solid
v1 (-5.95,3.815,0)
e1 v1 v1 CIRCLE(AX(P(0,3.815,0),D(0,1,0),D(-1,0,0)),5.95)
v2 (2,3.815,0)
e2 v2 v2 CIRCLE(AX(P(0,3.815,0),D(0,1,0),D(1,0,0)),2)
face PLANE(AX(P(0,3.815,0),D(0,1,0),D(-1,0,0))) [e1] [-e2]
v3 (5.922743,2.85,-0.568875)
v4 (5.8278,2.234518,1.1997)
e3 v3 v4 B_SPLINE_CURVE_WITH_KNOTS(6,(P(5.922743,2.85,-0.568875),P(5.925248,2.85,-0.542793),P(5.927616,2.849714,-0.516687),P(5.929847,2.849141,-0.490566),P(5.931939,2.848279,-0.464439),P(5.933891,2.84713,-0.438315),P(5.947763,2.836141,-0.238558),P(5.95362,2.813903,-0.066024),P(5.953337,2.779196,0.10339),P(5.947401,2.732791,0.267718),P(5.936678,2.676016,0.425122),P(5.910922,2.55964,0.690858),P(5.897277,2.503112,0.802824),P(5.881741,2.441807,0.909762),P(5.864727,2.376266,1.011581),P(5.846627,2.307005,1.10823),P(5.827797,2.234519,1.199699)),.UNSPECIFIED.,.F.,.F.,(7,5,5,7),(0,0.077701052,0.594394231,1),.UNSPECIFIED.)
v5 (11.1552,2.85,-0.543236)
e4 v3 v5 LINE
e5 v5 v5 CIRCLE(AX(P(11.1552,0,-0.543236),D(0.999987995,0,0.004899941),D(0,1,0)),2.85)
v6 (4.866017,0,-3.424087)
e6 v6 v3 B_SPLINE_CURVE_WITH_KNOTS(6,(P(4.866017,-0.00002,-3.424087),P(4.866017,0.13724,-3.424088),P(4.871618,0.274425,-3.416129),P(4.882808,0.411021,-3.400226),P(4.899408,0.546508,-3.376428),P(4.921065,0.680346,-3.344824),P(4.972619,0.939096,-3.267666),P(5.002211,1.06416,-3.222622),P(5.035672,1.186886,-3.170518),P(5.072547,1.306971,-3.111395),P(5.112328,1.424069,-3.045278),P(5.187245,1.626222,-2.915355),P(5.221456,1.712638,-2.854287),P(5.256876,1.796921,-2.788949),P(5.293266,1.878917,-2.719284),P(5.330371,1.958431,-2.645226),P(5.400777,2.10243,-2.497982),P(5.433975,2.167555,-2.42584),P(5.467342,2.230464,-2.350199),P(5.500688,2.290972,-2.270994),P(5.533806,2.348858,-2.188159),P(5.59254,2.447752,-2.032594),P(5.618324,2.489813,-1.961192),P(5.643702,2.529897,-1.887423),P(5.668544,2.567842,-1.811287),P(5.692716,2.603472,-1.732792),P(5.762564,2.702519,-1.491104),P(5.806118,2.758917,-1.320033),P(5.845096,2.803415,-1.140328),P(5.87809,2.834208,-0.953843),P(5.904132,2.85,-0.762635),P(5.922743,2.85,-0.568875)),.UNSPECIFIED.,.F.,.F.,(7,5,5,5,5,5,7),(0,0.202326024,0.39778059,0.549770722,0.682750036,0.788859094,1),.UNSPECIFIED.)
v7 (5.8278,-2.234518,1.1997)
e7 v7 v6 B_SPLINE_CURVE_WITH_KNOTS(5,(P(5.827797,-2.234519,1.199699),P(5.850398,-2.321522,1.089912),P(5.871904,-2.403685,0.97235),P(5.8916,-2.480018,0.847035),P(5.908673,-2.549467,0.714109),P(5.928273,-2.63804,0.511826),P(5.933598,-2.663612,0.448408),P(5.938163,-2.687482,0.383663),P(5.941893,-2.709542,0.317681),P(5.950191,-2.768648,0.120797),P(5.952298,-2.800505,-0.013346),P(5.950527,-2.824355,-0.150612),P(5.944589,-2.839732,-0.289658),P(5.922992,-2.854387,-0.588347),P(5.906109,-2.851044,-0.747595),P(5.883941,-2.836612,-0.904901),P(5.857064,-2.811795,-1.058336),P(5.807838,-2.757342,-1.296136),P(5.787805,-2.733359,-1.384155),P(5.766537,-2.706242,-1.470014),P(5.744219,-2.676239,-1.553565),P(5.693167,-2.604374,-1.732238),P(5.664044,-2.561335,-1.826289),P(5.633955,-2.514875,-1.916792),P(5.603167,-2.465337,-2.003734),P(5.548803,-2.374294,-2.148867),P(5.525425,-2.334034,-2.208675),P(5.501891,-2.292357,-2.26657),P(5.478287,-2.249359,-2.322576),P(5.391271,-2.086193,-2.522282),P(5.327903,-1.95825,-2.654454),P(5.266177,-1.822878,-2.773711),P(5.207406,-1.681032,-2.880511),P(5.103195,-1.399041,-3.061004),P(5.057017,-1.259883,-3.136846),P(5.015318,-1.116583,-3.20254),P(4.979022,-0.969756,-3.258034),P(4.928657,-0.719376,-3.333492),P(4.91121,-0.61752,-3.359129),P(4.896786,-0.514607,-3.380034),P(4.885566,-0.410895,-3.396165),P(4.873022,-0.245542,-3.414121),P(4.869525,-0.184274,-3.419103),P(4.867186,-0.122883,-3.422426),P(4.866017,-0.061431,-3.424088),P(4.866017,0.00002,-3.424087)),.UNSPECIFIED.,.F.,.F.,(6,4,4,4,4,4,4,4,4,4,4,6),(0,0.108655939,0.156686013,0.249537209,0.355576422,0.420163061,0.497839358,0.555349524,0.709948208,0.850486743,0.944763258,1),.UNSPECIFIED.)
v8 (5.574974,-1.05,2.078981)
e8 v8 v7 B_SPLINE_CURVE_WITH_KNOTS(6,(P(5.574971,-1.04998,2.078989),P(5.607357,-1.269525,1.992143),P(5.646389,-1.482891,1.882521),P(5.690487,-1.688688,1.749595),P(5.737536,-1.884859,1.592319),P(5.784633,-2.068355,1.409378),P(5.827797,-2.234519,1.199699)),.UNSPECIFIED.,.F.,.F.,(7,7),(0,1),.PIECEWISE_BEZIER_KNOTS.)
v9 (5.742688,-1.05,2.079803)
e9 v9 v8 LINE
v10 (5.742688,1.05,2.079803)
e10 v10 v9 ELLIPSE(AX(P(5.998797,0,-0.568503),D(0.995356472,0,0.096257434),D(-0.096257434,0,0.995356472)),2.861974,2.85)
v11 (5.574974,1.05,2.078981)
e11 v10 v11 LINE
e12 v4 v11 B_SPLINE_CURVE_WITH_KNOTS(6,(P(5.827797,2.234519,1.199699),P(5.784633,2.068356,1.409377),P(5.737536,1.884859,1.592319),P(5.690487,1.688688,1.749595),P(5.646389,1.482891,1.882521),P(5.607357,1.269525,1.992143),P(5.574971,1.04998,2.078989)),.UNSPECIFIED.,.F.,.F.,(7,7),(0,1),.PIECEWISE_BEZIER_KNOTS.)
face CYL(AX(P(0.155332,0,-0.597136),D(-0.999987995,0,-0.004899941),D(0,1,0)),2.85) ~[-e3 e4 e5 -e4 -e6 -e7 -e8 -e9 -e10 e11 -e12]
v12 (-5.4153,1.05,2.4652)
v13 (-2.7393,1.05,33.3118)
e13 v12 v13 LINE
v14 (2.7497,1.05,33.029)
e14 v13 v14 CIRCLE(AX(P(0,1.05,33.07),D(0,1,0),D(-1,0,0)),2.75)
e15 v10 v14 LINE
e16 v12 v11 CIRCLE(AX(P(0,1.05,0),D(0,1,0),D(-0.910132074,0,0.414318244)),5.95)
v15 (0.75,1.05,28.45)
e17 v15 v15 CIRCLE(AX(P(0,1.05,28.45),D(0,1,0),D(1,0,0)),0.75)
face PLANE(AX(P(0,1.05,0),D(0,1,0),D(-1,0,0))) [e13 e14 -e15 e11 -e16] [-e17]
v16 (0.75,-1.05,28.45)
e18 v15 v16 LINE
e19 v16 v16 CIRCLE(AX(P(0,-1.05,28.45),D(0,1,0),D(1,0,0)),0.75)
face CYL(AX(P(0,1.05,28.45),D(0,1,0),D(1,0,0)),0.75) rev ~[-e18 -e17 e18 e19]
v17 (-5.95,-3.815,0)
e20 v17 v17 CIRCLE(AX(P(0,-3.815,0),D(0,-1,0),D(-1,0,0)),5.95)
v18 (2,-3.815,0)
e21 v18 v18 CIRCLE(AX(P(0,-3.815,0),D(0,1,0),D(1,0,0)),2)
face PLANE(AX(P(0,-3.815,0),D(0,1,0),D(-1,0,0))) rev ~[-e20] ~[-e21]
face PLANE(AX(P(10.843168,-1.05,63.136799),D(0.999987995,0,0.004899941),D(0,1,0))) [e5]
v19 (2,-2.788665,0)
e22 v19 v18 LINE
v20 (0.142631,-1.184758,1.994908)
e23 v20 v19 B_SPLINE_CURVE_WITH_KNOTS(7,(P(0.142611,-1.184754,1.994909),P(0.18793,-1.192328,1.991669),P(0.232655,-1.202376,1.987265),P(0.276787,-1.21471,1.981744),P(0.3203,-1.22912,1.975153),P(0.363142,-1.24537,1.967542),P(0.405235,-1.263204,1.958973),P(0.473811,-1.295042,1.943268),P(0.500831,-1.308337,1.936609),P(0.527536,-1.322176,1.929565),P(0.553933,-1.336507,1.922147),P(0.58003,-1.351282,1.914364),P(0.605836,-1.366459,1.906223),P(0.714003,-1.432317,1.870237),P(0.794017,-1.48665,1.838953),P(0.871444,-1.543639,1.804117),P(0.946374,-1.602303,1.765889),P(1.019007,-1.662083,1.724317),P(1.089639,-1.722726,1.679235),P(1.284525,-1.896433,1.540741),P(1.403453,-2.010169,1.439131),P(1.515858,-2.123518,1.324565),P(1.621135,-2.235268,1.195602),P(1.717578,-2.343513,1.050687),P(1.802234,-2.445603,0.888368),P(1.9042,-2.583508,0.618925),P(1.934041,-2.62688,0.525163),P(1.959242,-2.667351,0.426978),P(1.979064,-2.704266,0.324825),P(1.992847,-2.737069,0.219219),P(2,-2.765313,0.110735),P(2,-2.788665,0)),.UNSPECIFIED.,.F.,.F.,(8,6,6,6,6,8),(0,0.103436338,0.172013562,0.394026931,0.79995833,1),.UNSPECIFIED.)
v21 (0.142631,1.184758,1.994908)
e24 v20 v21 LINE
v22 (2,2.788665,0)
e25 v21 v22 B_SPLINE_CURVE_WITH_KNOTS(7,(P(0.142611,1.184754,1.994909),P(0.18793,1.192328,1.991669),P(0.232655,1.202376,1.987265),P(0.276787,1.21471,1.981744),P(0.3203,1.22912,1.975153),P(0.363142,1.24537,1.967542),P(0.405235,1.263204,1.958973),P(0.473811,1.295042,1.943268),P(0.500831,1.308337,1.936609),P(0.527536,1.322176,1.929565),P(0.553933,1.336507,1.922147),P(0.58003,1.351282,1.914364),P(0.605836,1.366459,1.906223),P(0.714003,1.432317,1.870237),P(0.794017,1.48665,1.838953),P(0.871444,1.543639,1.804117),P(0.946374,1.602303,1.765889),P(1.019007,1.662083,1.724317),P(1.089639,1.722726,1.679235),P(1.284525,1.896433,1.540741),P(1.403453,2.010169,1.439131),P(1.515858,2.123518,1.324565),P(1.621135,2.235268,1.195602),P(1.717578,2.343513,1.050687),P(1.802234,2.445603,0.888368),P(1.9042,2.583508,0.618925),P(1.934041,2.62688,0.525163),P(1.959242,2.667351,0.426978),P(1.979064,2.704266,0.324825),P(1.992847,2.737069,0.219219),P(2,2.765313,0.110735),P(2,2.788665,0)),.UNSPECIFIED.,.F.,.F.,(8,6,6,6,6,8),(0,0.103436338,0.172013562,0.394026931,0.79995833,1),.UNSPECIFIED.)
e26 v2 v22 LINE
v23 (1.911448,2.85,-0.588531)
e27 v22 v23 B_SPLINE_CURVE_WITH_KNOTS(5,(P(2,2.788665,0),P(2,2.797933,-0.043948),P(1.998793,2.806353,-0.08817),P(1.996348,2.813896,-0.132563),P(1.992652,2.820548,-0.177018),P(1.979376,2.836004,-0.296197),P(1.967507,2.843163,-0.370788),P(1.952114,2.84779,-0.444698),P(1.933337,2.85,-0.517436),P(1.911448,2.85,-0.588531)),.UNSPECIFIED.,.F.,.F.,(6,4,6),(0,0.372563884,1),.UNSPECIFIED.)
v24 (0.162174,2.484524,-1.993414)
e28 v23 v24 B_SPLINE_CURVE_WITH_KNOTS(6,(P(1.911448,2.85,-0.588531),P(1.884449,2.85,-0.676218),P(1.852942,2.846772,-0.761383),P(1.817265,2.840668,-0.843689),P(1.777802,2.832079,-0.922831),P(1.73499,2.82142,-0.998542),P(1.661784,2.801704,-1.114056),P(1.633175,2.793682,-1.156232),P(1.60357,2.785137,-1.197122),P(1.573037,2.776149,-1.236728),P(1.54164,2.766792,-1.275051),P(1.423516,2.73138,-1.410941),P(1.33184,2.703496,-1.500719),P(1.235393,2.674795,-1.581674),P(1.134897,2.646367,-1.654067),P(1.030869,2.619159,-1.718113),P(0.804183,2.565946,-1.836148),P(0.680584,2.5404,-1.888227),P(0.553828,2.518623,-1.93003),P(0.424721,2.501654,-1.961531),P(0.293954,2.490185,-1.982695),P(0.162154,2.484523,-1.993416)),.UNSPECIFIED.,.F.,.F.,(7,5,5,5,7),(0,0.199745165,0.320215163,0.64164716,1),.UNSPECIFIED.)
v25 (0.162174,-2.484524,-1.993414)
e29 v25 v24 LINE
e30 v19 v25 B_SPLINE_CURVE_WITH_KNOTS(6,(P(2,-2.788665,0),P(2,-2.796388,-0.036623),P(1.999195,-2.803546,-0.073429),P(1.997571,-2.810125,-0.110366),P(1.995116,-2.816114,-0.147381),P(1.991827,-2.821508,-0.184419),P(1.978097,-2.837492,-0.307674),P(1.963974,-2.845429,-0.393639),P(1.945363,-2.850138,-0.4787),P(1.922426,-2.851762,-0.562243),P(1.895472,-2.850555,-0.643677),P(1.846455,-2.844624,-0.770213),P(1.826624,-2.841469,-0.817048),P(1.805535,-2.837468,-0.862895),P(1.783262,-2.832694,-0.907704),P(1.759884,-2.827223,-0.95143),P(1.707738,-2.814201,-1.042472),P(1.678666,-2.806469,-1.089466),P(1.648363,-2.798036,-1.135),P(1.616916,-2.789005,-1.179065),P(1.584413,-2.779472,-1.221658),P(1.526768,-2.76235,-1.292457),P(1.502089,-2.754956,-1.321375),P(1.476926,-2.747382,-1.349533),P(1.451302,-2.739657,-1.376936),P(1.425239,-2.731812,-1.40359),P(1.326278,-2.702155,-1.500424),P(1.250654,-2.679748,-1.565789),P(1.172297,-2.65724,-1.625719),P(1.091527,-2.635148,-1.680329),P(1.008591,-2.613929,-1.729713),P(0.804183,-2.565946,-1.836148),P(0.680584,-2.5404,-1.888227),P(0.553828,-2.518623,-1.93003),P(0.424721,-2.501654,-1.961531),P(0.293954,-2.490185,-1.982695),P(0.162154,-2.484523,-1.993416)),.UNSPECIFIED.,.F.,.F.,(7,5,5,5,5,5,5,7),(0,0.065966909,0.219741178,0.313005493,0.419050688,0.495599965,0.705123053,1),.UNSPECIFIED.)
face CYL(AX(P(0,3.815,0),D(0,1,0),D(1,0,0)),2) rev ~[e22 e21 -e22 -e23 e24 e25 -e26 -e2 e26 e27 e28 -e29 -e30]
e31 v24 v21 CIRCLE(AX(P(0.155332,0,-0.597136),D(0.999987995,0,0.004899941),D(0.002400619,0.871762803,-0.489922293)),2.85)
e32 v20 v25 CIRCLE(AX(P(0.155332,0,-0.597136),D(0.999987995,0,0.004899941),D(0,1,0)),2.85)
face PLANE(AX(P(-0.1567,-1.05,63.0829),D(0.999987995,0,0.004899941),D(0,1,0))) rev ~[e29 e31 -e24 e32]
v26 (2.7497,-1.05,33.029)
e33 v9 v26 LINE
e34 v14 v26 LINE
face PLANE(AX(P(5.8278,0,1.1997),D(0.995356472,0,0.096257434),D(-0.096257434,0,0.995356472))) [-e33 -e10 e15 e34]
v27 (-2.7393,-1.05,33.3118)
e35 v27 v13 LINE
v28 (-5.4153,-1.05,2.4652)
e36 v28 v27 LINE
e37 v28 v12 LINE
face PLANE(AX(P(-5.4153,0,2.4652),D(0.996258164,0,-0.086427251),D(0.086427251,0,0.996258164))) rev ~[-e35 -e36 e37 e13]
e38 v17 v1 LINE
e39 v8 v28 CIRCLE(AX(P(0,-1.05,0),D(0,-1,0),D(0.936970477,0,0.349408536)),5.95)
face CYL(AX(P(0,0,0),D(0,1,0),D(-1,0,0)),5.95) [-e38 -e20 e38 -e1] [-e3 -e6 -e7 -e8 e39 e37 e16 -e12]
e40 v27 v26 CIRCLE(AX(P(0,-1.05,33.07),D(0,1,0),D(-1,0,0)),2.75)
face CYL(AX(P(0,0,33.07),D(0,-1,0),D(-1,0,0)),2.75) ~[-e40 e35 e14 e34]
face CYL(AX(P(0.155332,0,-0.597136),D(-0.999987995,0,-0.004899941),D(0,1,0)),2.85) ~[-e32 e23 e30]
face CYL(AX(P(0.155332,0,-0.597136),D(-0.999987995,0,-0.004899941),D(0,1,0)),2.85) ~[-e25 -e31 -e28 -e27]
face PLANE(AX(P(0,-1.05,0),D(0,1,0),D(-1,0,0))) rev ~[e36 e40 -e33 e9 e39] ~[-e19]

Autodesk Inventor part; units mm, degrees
ref_plane "YZ Plane" through (0, 0, 0) normal (1, 0, 0) x (0, 1, 0)
ref_plane "XZ Plane" through (0, 0, 0) normal (0, 1, 0) x (-1, 0, 0)
sketch "Sketch1" plane through (0, 0, 0) normal (0, 1, 0) x (-1, 0, 0)
  circle A0 centre (0, 0) radius 5.95
  line L0 (0, 0) -> (0, 33.07)
  circle A1 centre (0, 33.07) radius 2.75
  line L1 (5.4153, 2.4652) -> (2.7393, 33.3118)
  line L2 (-5.8278, 1.1997) -> (-2.7497, 33.029)
  dimension "d0" = 11.9
  dimension "d1" = 5.5
  dimension "d2" = 33.07
extrude "Extrusion1" add sketch "Sketch1" along normal mid plane 7.63 contours A0
extrude "Extrusion2" add sketch "Sketch1" along normal mid plane 2.1 contours A0 L0 A1 L1 | L2 A1 L0 A0 | A1
sketch "Sketch2" plane through (0, 1.05, 0) normal (0, 1, 0) x (1, 0, 0)
  arc A0 (-2.7393, -33.3118) -> (2.7497, -33.029) centre (0, -33.07) ccw construction
  line L0 (0, -35.82) -> (0, -28.45) construction
  circle A1 centre (0, -28.45) radius 0.75
  point P0 (0, 0)
  dimension "d7" = 7.37
  dimension "d8" = 1.5
extrude "Extrusion3" cut sketch "Sketch2" against normal blind 2.1
sketch "Sketch3" plane through (0, 3.815, 0) normal (0, 1, 0) x (1, 0, 0)
  circle A0 centre (0, 0) radius 2
  point P0 (0, 0)
  dimension "d11" = 4
extrude "Extrusion4" cut sketch "Sketch3" against normal blind 50
ref_plane "Work Plane1" through (-0.1567, -1.05, 63.0829) normal (1, 0, 0.0049) x (0, 1, 0)
sketch "Sketch4" plane through (-0.1567, -1.05, 63.0829) normal (1, 0, 0.0049) x (0, 1, 0)
  circle A0 centre (1.05, -63.6808) radius 2.85
  point P0 (1.05, -63.0829)
  dimension "d14" = 5.7
extrude "Extrusion5" add sketch "Sketch4" along normal blind 11
properties part number "Nose Gear Steering Arm"
